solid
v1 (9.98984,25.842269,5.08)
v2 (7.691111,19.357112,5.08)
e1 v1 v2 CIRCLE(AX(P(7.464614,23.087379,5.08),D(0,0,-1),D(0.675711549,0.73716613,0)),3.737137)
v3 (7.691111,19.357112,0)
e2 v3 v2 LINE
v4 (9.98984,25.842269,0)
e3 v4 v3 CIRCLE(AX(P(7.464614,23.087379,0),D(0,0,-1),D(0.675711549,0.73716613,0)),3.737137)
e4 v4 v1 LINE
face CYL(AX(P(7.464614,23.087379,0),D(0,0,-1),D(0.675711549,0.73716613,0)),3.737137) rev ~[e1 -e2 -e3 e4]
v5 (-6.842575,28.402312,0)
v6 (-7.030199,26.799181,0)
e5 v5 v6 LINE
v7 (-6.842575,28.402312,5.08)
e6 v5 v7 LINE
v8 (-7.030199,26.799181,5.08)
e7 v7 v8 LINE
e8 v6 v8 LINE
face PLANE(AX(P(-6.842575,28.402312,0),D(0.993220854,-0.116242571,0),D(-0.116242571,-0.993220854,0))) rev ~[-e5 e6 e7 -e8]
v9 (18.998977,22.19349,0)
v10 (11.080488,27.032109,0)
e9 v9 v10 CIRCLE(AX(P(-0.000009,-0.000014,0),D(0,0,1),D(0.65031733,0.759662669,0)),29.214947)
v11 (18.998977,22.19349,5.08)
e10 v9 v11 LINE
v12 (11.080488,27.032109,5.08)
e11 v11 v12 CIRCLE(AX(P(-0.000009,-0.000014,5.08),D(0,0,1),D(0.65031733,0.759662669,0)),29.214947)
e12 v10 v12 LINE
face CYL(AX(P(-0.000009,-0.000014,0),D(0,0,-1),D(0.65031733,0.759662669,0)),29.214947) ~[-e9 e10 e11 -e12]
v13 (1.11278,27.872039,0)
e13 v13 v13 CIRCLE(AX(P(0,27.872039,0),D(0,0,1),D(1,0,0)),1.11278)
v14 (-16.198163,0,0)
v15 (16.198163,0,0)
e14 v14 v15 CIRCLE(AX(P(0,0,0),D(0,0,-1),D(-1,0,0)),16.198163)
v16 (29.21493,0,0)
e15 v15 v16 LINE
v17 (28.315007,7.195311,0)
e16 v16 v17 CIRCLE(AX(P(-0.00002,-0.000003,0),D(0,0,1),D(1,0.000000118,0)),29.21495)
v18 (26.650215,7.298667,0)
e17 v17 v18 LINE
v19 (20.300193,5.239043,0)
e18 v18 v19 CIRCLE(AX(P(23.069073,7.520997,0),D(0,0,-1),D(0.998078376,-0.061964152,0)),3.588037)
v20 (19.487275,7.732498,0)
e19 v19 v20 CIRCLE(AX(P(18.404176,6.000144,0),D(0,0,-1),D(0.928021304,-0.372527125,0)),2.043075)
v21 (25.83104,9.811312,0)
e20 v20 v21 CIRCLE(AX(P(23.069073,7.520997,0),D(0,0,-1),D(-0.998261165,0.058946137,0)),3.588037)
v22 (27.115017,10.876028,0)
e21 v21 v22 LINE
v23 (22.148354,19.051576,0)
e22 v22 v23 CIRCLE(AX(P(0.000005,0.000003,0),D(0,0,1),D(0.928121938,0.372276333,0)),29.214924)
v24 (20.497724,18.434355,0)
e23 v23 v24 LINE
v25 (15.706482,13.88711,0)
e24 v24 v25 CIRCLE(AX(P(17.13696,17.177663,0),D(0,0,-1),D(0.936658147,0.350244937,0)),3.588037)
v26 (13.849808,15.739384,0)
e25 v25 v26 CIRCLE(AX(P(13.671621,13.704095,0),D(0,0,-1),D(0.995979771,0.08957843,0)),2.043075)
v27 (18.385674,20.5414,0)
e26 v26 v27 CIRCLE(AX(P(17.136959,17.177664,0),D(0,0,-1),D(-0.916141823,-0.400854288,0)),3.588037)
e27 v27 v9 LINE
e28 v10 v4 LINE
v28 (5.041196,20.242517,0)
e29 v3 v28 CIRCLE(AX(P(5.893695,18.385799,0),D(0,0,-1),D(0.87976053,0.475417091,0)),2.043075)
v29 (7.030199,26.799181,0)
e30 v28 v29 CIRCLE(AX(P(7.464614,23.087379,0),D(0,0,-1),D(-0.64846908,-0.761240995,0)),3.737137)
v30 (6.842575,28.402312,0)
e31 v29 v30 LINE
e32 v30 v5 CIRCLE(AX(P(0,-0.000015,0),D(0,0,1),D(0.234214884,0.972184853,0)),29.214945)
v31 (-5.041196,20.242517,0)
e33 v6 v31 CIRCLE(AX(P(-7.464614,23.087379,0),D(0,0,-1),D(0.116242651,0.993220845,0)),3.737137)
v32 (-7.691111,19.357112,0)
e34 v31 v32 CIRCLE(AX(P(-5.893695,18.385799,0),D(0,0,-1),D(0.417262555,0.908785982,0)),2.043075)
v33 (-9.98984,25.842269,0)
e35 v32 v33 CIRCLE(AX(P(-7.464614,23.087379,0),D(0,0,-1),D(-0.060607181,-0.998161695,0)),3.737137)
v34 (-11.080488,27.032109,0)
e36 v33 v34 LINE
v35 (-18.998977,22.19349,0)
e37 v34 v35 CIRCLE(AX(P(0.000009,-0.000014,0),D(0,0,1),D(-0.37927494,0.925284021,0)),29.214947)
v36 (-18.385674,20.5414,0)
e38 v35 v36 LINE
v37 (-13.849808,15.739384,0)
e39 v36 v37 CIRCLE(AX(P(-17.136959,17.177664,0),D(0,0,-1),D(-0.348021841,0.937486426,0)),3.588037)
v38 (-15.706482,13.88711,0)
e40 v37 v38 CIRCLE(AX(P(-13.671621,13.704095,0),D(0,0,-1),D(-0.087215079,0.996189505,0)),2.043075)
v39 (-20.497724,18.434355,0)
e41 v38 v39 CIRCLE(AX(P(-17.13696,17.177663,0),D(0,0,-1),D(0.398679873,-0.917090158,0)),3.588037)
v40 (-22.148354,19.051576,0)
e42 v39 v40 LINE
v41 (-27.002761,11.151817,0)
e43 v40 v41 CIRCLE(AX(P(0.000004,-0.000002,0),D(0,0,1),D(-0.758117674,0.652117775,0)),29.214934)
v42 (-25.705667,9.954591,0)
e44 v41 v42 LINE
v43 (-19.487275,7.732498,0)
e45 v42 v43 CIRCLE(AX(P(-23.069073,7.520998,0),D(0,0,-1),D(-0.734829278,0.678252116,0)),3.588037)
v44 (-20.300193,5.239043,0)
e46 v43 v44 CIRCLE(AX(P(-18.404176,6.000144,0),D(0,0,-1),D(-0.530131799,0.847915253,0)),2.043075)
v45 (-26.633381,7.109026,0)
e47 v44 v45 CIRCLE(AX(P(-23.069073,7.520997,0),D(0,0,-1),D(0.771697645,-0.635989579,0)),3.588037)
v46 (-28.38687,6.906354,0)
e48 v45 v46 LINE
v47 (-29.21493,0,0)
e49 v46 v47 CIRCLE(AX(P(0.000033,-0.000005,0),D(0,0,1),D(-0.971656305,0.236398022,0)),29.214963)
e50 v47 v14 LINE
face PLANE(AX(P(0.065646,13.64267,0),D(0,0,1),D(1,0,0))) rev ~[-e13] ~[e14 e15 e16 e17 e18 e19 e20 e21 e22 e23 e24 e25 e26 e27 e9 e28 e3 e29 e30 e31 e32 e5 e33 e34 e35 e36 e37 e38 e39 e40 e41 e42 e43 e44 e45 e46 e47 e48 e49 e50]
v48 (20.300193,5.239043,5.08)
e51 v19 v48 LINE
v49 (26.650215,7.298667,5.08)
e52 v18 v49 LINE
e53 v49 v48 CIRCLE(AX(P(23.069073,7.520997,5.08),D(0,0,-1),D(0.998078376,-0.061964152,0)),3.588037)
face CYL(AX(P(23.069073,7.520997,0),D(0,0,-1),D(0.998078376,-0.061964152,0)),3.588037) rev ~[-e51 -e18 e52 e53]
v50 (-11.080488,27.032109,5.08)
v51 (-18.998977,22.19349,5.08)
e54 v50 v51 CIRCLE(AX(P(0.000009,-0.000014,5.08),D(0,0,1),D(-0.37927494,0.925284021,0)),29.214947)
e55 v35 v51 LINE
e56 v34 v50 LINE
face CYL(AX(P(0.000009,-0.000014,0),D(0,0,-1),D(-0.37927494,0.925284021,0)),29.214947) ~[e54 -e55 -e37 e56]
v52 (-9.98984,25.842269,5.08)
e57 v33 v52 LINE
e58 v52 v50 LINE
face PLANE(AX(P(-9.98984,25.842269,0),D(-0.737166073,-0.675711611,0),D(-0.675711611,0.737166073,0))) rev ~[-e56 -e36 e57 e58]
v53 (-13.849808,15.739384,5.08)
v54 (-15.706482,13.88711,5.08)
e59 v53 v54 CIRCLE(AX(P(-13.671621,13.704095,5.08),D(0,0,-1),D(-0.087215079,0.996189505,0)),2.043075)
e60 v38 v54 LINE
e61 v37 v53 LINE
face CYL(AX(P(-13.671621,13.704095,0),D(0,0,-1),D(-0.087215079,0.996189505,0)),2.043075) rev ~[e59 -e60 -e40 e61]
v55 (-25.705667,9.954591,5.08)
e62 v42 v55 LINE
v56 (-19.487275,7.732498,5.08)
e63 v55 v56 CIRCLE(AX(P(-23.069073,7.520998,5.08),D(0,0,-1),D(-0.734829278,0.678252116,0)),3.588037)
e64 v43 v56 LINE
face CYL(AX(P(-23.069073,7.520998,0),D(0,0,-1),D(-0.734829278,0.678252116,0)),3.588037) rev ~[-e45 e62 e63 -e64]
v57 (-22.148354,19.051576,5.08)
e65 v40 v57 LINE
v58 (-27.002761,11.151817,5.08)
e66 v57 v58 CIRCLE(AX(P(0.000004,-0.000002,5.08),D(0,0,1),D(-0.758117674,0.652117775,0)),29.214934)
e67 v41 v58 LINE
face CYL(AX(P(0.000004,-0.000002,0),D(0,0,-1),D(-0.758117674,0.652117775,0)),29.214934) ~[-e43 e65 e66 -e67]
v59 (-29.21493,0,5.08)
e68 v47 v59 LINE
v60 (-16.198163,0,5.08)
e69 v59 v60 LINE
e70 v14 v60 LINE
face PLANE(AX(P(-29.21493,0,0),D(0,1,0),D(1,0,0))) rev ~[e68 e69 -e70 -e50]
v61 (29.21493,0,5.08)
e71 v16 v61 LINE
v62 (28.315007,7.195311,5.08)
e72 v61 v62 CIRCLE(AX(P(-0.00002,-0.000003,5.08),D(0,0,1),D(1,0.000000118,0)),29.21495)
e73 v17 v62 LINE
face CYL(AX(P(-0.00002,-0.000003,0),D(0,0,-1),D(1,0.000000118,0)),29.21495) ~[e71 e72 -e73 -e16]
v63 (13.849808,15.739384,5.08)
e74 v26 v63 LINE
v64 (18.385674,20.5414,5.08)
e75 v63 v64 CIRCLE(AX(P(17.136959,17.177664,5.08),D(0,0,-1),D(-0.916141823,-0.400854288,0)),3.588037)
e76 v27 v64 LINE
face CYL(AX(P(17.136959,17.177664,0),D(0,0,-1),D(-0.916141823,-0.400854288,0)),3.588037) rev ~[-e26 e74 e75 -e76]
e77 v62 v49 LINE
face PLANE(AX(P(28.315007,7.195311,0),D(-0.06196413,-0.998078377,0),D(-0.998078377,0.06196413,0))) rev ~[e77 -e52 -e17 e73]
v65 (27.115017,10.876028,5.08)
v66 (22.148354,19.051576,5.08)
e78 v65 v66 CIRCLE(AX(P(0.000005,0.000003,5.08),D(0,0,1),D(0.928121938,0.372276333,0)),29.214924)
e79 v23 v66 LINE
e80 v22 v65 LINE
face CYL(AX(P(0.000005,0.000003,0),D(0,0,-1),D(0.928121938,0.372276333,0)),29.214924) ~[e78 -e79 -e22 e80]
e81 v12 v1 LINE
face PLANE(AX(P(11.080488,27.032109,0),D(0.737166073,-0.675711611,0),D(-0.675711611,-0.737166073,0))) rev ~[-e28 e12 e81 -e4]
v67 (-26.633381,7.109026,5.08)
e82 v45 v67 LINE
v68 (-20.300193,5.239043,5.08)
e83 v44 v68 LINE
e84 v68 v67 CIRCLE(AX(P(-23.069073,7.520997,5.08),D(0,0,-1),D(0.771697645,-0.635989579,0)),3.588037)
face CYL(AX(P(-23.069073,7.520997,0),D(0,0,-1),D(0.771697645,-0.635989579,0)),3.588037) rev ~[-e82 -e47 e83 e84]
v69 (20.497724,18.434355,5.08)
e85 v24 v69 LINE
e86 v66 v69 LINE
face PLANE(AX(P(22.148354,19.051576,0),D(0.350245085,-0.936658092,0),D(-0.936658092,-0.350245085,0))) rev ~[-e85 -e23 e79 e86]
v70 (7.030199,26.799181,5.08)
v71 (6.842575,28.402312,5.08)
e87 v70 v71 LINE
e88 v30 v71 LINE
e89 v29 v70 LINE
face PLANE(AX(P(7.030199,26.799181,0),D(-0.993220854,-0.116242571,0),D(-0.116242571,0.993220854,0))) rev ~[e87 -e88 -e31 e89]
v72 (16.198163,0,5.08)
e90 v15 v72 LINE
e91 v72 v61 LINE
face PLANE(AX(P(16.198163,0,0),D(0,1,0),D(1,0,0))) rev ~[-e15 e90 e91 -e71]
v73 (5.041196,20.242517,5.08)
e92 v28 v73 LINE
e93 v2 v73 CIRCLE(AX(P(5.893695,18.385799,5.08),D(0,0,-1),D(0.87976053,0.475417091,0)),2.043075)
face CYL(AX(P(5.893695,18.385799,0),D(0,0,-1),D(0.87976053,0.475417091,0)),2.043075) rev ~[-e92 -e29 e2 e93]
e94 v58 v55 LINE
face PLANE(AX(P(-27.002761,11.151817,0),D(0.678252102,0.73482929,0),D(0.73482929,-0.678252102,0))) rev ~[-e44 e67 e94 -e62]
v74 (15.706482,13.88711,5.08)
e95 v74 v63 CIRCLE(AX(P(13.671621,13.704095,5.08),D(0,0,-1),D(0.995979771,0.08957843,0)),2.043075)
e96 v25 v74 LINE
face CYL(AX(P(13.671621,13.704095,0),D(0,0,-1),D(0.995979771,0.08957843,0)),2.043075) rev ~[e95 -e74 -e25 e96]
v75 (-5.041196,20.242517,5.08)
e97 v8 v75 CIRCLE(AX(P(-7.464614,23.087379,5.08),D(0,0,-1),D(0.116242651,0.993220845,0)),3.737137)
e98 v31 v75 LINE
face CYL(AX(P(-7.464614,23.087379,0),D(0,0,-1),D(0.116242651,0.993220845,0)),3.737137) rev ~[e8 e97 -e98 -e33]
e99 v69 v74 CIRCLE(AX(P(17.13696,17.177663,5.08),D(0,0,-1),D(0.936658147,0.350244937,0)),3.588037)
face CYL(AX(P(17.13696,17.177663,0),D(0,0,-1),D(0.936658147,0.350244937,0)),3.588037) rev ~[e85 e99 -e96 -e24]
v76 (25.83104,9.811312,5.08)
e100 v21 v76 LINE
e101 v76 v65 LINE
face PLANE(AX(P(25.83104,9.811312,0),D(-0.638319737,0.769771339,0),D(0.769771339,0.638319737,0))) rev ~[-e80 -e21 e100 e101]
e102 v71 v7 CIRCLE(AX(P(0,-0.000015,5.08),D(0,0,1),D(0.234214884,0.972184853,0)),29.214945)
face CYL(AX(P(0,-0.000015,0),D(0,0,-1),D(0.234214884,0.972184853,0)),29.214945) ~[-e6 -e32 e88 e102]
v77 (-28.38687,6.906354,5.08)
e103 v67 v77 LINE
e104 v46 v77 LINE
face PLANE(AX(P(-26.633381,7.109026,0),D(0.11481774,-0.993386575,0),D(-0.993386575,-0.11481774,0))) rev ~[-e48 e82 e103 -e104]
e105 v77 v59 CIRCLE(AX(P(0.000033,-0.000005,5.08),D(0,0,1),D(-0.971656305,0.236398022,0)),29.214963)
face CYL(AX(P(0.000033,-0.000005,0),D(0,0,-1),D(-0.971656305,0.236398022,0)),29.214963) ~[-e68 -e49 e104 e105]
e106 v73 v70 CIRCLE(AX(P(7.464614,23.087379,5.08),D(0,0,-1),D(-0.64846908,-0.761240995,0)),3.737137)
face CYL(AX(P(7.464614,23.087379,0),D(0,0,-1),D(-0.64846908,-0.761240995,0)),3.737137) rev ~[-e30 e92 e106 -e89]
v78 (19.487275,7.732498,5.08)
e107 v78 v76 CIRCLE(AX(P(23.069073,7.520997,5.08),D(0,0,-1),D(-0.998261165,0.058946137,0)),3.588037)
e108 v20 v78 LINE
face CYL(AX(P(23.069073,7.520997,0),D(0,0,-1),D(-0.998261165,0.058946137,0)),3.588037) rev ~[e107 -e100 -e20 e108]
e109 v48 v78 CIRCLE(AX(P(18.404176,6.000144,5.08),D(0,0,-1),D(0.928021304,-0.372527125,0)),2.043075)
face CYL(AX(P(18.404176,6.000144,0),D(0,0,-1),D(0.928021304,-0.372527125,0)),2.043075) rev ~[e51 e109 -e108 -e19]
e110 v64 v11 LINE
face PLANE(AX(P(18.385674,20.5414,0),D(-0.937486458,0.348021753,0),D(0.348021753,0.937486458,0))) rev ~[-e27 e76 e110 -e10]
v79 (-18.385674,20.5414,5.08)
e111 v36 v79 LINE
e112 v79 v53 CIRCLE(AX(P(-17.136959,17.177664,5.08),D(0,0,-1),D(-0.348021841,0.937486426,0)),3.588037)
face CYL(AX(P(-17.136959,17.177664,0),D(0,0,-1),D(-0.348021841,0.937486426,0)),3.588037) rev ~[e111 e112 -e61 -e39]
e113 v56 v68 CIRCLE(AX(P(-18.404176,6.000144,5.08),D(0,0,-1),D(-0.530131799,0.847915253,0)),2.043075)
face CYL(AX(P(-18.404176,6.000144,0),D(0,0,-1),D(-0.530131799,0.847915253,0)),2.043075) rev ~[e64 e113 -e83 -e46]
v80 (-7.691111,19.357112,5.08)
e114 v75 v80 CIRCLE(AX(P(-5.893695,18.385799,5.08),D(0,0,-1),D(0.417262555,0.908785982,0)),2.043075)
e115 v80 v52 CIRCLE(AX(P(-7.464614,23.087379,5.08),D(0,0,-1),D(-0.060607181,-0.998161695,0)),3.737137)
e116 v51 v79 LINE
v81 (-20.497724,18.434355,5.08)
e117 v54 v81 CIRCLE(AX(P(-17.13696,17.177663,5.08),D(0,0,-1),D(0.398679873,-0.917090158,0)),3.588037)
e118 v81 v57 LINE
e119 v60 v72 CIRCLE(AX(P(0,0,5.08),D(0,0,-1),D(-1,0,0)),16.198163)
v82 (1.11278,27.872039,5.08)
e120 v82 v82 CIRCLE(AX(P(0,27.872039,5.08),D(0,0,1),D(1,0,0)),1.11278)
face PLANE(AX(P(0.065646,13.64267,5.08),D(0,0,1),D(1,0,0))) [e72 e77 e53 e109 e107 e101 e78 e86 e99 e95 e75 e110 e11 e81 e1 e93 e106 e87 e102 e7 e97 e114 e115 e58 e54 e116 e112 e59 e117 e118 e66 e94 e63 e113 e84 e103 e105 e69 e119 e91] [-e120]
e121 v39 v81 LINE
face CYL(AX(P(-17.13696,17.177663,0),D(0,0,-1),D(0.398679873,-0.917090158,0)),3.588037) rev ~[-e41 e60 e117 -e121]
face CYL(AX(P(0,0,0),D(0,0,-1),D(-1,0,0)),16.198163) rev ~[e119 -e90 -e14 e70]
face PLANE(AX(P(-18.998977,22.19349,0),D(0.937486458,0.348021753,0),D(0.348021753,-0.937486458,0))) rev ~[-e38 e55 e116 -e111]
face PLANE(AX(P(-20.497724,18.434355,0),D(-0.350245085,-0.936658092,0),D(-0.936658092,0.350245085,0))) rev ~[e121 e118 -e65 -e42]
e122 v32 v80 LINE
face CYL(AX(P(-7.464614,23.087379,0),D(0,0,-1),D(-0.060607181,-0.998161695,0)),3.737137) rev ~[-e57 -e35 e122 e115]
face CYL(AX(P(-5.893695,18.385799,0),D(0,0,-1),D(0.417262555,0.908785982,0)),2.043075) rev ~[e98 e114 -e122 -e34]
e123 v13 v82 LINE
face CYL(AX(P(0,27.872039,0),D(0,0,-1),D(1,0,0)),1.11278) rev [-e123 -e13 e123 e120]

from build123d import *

# Parameters (mm, degrees)
F0_R     = 1.11278
F1_DEPTH = 5.08


with BuildPart() as f1:
    # F0 (on Top) → F1 (new body)
    with BuildSketch(Plane.XY):
        with BuildLine():
            ThreePointArc((-16.198163, 0), (0, 16.198163), (16.198163, 0))
            Line((16.198163, 0), (29.21493, 0))
            ThreePointArc((29.21493, 0), (28.989076, 3.625685), (28.315007, 7.195311))
            Line((28.315007, 7.195311), (26.650215, 7.298667))
            ThreePointArc((26.650215, 7.298667), (24.176076, 4.107999), (20.300193, 5.239043))
            ThreePointArc((20.300193, 5.239043), (16.461726, 5.366865), (19.487275, 7.732498))
            ThreePointArc((19.487275, 7.732498), (21.951756, 10.930632), (25.83104, 9.811312))
            Line((25.83104, 9.811312), (27.115017, 10.876028))
            ThreePointArc((27.115017, 10.876028), (24.968577, 15.168464), (22.148354, 19.051576))
            Line((22.148354, 19.051576), (20.497724, 18.434355))
            ThreePointArc((20.497724, 18.434355), (19.606952, 14.575136), (15.706482, 13.88711))
            ThreePointArc((15.706482, 13.88711), (12.228664, 12.25771), (13.849808, 15.739384))
            ThreePointArc((13.849808, 15.739384), (14.528579, 19.641475), (18.385674, 20.5414))
            Line((18.385674, 20.5414), (18.998977, 22.19349))
            ThreePointArc((18.998977, 22.19349), (15.233076, 24.92921), (11.080488, 27.032109))
            Line((11.080488, 27.032109), (9.98984, 25.842269))
            ThreePointArc((9.98984, 25.842269), (10.987015, 21.838828), (7.691111, 19.357112))
            ThreePointArc((7.691111, 19.357112), (5.246235, 16.44803), (5.041196, 20.242517))
            ThreePointArc((5.041196, 20.242517), (3.888406, 24.172243), (7.030199, 26.799181))
            Line((7.030199, 26.799181), (6.842575, 28.402312))
            ThreePointArc((6.842575, 28.402312), (0, 29.21493), (-6.842575, 28.402312))
            Line((-6.842575, 28.402312), (-7.030199, 26.799181))
            ThreePointArc((-7.030199, 26.799181), (-3.888406, 24.172243), (-5.041196, 20.242517))
            ThreePointArc((-5.041196, 20.242517), (-5.246235, 16.44803), (-7.691111, 19.357112))
            ThreePointArc((-7.691111, 19.357112), (-10.987015, 21.838828), (-9.98984, 25.842269))
            Line((-9.98984, 25.842269), (-11.080488, 27.032109))
            ThreePointArc((-11.080488, 27.032109), (-15.233076, 24.92921), (-18.998977, 22.19349))
            Line((-18.998977, 22.19349), (-18.385674, 20.5414))
            ThreePointArc((-18.385674, 20.5414), (-14.528579, 19.641475), (-13.849808, 15.739384))
            ThreePointArc((-13.849808, 15.739384), (-12.228664, 12.25771), (-15.706482, 13.88711))
            ThreePointArc((-15.706482, 13.88711), (-19.606952, 14.575136), (-20.497724, 18.434355))
            Line((-20.497724, 18.434355), (-22.148354, 19.051576))
            ThreePointArc((-22.148354, 19.051576), (-24.890954, 15.295507), (-27.002761, 11.151817))
            Line((-27.002761, 11.151817), (-25.705667, 9.954591))
            ThreePointArc((-25.705667, 9.954591), (-21.861689, 10.899789), (-19.487275, 7.732498))
            ThreePointArc((-19.487275, 7.732498), (-16.461726, 5.366865), (-20.300193, 5.239043))
            ThreePointArc((-20.300193, 5.239043), (-24.085137, 4.079831), (-26.633381, 7.109026))
            Line((-26.633381, 7.109026), (-28.38687, 6.906354))
            ThreePointArc((-28.38687, 6.906354), (-29.007176, 3.477909), (-29.21493, 0))
            Line((-29.21493, 0), (-16.198163, 0))
        make_face()
        with Locations((0, 27.872039)):
            Circle(F0_R, mode=Mode.SUBTRACT)
    extrude(amount=F1_DEPTH)


solid = f1.part
